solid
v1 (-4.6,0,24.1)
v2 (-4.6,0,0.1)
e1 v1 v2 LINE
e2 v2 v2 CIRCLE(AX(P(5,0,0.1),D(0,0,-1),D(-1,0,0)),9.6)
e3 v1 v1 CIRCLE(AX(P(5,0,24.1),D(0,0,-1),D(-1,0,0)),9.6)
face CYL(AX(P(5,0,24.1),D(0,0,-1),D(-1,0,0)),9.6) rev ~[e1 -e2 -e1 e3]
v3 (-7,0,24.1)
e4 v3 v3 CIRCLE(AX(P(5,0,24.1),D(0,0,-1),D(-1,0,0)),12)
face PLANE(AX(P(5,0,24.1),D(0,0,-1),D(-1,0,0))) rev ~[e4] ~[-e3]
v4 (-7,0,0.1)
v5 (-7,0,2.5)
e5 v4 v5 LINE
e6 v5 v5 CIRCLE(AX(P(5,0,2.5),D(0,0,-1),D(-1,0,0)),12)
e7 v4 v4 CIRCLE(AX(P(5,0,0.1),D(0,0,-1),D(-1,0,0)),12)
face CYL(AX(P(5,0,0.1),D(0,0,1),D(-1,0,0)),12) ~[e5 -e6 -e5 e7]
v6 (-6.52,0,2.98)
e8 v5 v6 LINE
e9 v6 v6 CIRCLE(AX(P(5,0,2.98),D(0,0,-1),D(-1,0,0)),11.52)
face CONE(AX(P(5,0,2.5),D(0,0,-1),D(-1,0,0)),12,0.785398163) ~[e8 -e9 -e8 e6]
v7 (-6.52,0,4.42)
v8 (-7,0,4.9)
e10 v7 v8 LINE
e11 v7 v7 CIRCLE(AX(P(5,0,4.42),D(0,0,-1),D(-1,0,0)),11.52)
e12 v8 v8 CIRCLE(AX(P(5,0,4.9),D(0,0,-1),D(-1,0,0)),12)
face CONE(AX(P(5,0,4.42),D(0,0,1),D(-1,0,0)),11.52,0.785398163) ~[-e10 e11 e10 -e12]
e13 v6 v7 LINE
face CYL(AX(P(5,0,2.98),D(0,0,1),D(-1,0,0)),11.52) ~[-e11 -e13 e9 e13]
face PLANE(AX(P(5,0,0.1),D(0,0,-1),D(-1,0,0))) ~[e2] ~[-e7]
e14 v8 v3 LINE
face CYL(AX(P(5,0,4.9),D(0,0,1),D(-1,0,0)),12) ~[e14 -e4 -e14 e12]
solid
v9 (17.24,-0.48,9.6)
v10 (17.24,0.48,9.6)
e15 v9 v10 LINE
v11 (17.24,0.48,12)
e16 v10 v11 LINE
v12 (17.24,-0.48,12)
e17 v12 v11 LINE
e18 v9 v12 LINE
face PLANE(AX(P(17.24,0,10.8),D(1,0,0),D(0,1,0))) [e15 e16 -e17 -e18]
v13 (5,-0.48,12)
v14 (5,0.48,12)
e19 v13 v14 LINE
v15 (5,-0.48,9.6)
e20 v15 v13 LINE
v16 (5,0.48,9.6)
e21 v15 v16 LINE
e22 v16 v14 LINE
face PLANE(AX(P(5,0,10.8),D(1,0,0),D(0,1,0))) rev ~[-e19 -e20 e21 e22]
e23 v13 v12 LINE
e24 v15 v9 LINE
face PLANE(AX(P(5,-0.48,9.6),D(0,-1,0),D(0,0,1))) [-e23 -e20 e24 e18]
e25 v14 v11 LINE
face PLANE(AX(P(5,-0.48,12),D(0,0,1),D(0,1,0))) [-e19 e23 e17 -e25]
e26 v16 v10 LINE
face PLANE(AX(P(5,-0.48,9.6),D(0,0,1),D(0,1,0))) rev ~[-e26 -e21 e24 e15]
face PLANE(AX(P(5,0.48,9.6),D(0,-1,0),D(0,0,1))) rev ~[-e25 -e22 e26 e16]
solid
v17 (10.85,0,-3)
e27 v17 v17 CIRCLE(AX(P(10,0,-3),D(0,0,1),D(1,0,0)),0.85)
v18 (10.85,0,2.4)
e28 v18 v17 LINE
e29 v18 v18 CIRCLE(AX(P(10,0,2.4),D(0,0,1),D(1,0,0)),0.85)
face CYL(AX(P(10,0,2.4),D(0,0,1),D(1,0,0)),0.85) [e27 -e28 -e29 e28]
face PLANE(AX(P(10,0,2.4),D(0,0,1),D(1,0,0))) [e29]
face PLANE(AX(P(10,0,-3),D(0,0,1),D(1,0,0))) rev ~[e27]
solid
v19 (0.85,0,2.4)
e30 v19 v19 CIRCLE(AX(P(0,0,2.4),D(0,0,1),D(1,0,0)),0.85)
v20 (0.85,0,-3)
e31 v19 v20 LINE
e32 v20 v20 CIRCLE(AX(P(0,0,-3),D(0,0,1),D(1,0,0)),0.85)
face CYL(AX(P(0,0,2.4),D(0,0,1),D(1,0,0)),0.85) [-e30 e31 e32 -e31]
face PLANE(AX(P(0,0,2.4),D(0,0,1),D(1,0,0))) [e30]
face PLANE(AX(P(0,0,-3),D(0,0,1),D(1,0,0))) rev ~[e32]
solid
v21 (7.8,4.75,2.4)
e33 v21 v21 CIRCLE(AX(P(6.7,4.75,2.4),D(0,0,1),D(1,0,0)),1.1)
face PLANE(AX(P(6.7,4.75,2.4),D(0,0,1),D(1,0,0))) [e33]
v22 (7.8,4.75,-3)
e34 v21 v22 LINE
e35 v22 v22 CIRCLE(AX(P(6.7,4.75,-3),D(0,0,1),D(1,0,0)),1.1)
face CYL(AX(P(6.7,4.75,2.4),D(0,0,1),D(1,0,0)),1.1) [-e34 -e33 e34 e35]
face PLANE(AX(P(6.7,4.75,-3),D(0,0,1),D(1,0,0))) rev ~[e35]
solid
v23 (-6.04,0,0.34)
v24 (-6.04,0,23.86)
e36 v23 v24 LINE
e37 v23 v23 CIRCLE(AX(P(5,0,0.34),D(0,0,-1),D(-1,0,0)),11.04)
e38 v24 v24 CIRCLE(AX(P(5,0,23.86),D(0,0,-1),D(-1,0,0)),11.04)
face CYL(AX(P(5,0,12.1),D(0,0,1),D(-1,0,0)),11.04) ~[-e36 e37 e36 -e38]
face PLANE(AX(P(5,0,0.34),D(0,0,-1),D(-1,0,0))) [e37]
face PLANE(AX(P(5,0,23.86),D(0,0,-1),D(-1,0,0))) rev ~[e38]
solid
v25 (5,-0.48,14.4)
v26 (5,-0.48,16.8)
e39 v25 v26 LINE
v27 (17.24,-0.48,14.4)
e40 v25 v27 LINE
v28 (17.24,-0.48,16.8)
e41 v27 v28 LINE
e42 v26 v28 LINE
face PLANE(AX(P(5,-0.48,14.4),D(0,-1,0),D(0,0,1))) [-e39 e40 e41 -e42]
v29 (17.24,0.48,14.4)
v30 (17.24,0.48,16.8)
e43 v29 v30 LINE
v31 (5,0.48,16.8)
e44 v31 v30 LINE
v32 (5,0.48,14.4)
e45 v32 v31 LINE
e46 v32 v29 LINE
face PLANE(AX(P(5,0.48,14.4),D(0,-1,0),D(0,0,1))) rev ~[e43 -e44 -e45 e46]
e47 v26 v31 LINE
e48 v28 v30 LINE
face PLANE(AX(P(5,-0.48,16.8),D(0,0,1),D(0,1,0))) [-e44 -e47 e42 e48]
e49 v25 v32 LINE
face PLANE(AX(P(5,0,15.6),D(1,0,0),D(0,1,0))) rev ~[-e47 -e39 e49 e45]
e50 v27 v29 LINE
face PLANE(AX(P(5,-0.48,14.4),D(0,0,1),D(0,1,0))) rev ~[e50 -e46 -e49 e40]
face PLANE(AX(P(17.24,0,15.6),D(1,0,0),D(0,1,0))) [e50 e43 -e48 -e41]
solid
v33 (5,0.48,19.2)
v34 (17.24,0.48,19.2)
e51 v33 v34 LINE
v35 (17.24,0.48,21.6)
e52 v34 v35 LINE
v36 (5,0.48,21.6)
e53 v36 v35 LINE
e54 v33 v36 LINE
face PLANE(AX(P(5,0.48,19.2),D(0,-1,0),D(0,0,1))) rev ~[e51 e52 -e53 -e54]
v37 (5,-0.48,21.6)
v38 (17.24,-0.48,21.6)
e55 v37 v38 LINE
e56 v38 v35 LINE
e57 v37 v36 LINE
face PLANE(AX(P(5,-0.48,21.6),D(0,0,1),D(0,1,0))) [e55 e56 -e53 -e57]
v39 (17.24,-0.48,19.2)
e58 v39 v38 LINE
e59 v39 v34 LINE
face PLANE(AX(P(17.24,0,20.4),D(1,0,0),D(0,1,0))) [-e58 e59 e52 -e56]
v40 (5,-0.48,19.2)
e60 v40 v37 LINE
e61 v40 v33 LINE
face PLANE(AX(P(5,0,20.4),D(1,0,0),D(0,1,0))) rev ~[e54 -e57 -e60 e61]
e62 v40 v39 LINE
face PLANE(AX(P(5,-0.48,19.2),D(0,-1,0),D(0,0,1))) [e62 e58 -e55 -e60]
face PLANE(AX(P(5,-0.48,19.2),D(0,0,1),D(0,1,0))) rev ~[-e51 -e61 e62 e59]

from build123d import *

# Parameters (mm, degrees)
SKETCH002_W   = 11.04
SKETCH002_H   = 23.52
SKETCH003_R   = 0.85
SKETCH003_R_2 = 1.1
PAD_DEPTH     = 5.4
SKETCH004_W   = 0.96
SKETCH004_H   = 2.4
PAD001_DEPTH  = 12.24


with BuildPart() as revolution:
    # Sketch → Revolution (revolve)
    with BuildSketch(Plane.XZ):
        Polygon((-7, 0.1), (-7, 2.5), (-6.52, 2.98), (-6.52, 4.42), (-7, 4.9), (-7, 24.1), (-4.6, 24.1), (-4.6, 0.1), align=None)
    revolve(axis=Axis((5, 0, 7.548619), (0, 0, -1)))


with BuildPart() as revolution001:
    # Sketch002 → Revolution001 (revolve)
    with BuildSketch(Plane.XZ):
        with Locations((-0.52, 12.1)):
            Rectangle(SKETCH002_W, SKETCH002_H)
    revolve(axis=Axis((5, 0, 4.680116), (0, 0, -1)))


with BuildPart() as pad:
    # Sketch003 → Pad (new body)
    with BuildSketch(Plane.XY.offset(2.4)):
        Circle(SKETCH003_R)
        with Locations((10, 0)):
            Circle(SKETCH003_R)
        with Locations((6.7, 4.75)):
            Circle(SKETCH003_R_2)
    extrude(amount=-PAD_DEPTH)


with BuildPart() as pad001:
    # Sketch004 → Pad001 (new body)
    with BuildSketch(Plane.YZ.offset(5)):
        with Locations((0, 10.8)):
            Rectangle(SKETCH004_W, SKETCH004_H)
        with Locations((0, 15.6)):
            Rectangle(SKETCH004_W, SKETCH004_H)
        with Locations((0, 20.4)):
            Rectangle(SKETCH004_W, SKETCH004_H)
    extrude(amount=PAD001_DEPTH)


solid = Compound([revolution.part, revolution001.part, pad.part, pad001.part])
